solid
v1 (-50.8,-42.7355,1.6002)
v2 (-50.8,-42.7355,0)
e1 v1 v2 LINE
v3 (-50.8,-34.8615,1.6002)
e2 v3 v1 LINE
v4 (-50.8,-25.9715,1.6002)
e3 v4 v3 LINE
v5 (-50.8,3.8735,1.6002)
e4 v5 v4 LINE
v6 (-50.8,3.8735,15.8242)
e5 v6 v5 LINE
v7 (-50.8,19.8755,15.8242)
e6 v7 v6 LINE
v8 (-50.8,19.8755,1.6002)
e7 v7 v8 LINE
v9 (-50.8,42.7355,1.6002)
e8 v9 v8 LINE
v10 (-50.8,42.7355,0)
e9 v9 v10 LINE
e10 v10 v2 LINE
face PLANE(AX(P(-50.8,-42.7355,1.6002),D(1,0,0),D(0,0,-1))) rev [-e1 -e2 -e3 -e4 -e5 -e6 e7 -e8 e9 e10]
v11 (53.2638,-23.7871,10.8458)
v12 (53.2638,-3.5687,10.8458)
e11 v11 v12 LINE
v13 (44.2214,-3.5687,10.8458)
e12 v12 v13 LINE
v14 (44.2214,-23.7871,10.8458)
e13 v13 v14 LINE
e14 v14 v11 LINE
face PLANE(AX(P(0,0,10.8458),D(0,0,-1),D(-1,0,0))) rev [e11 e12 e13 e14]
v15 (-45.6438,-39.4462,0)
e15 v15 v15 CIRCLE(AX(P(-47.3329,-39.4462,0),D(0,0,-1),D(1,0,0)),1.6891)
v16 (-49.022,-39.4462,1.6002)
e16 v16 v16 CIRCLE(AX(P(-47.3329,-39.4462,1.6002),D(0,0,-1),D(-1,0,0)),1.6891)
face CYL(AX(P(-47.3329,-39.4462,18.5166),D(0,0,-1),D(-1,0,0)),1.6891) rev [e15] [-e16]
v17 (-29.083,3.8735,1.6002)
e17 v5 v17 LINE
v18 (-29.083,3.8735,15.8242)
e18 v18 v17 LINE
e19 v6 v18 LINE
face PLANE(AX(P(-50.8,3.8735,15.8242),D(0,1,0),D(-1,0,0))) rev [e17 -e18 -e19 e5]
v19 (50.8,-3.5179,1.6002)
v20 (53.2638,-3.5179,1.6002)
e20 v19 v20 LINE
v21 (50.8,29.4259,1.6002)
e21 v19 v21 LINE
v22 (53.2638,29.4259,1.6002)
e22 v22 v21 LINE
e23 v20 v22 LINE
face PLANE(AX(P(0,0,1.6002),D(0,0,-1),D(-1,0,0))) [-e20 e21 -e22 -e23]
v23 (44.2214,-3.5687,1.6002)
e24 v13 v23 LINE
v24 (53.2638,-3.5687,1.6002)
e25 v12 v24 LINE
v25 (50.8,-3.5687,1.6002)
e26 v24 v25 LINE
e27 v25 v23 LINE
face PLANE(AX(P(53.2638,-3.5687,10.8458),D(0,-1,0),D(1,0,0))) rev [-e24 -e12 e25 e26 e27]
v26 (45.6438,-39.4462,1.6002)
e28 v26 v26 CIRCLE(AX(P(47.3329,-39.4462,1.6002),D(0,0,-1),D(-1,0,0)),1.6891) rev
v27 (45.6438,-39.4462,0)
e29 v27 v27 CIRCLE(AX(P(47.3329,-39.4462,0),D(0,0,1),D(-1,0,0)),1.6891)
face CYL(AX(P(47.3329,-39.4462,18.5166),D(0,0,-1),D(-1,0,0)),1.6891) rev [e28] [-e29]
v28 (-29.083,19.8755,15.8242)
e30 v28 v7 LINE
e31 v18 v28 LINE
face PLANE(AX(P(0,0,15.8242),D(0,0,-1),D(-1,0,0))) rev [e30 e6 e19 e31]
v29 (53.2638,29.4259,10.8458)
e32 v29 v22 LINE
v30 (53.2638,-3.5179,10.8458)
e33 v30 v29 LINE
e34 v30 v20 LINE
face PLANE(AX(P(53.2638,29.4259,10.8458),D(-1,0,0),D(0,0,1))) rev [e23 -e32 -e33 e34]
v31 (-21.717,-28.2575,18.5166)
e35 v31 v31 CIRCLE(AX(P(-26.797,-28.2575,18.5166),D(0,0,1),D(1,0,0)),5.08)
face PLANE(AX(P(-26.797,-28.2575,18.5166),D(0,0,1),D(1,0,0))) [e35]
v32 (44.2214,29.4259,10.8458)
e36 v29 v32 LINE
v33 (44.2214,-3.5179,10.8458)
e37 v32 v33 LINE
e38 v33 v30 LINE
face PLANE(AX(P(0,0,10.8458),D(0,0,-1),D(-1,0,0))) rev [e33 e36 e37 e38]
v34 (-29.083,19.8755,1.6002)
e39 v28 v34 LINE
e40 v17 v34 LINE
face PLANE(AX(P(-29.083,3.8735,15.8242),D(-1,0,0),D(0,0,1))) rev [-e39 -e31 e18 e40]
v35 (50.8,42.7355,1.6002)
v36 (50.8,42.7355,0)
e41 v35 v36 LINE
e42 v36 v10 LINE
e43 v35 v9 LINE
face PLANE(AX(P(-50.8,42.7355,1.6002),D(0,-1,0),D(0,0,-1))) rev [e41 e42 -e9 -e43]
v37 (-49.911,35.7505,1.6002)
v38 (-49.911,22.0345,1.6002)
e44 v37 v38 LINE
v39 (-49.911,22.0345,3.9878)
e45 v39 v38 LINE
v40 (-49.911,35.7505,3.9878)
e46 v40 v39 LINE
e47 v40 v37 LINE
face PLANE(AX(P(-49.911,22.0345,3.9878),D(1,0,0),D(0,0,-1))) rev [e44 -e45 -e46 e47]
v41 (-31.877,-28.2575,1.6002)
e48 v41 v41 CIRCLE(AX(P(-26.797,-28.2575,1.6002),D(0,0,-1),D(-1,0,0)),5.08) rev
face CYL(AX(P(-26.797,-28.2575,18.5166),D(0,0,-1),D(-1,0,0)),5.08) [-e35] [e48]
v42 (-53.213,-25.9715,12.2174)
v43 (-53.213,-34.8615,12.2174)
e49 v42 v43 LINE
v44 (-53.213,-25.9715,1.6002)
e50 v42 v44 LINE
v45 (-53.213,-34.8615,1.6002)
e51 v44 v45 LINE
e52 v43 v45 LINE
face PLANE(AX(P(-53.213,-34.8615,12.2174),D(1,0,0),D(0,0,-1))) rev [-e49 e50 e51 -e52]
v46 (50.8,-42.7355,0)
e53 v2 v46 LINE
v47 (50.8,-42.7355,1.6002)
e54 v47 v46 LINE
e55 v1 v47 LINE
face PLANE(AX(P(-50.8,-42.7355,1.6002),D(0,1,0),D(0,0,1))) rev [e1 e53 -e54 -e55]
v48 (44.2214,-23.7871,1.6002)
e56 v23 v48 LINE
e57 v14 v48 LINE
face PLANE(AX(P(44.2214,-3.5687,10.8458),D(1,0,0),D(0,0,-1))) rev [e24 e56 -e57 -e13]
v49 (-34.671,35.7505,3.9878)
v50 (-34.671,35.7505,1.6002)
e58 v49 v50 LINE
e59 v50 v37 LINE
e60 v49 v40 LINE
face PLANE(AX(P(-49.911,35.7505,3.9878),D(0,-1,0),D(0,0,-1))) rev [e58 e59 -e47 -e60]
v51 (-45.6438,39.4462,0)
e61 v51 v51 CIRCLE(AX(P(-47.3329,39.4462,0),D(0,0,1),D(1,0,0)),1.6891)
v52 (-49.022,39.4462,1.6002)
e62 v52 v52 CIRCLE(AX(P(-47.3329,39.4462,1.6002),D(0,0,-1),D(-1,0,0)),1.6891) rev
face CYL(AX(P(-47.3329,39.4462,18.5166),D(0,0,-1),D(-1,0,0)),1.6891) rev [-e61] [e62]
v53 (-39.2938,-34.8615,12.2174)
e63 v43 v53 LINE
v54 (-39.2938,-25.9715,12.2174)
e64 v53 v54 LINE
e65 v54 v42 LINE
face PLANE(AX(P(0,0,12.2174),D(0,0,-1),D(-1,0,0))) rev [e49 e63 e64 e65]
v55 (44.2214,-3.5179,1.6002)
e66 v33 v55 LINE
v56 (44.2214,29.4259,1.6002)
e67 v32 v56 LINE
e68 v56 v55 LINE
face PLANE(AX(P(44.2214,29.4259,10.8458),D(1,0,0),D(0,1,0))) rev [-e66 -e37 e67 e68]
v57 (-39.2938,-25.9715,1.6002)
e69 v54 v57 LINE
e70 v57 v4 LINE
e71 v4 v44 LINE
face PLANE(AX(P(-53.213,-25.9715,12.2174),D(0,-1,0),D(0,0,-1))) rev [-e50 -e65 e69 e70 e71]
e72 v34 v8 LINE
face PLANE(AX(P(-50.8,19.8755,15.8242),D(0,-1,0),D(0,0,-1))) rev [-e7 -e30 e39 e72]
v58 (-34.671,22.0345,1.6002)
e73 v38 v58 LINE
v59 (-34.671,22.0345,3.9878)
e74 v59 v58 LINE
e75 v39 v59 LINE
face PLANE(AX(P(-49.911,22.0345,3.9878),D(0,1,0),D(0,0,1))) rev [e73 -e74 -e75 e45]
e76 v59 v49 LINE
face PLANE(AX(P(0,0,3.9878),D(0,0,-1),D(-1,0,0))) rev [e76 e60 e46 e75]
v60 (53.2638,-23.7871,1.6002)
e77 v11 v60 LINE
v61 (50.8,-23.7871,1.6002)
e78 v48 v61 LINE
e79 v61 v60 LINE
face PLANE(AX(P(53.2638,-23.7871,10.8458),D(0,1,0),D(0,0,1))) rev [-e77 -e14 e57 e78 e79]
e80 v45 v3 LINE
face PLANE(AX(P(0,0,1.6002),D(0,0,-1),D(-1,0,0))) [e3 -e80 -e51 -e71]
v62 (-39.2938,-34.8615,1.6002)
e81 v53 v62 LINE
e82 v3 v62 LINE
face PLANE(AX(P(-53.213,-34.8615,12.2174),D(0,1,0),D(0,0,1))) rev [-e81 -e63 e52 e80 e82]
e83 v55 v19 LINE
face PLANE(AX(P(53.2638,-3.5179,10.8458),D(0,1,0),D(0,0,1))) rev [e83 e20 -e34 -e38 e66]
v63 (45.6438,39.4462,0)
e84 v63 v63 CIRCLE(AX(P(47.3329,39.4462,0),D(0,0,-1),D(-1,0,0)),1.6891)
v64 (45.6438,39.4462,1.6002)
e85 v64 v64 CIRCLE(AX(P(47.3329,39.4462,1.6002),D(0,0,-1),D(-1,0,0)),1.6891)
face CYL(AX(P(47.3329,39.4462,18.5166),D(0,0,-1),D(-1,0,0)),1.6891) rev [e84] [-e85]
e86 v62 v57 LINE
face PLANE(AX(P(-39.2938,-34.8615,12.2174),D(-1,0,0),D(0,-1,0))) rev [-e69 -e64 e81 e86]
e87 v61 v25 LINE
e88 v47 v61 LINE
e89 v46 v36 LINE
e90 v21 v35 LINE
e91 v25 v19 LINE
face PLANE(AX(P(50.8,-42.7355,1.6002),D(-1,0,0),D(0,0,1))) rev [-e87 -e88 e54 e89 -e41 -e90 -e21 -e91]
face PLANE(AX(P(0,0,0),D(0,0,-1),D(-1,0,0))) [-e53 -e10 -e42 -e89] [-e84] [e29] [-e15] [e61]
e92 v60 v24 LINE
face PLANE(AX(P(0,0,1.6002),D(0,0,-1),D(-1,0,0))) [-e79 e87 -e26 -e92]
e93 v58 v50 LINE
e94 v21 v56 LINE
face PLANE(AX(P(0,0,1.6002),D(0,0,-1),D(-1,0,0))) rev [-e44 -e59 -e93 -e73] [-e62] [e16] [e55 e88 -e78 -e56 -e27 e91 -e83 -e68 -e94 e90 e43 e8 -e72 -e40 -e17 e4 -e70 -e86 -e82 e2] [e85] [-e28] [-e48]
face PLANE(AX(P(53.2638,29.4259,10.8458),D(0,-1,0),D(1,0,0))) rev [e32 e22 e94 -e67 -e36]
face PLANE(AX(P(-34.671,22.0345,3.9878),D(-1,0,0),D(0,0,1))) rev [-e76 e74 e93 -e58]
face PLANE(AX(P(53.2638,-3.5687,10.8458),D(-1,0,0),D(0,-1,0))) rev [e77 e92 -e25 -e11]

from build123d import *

# Parameters (mm, degrees)
SKETCH1_W               = 101.6
SKETCH1_H               = 85.471
BOSS_EXTRUDE1_DEPTH     = 1.6002
SKETCH2_W               = 21.717
SKETCH2_H               = 16.002
ETHERNET_DEPTH          = 14.224
SKETCH3_W               = 13.9192
SKETCH3_H               = 8.89
POWER_CONNECTOR_DEPTH   = 10.6172
SKETCH4_W               = 9.0424
SKETCH4_H               = 32.9438
SKETCH4_H_2             = 20.2184
F_2X_CONNECTOR_DEPTH    = 9.2456
SKETCH6_W               = 15.24
SKETCH6_H               = 13.716
SD_CARD_DEPTH           = 2.3876
SKETCH7_R               = 5.08
CAPACATOR_DEPTH         = 16.9164
SKETCH5_R               = 1.6891
CORNER_HOLE_DEPTH       = 71.754645263
MIRROR2_COPY_1_SKETCH_R = 1.6891
MIRROR2_COPY_1_DEPTH    = 71.754645263


with BuildPart() as part:
    # Sketch1 → Boss-Extrude1 (new body)
    with BuildSketch(Plane.XY):
        Rectangle(SKETCH1_W, SKETCH1_H)
    extrude(amount=BOSS_EXTRUDE1_DEPTH)

    # Sketch2 → Ethernet (add)
    with BuildSketch(Plane.XY.offset(1.6002)):
        with Locations((-39.9415, 11.8745)):
            Rectangle(SKETCH2_W, SKETCH2_H)
    extrude(amount=ETHERNET_DEPTH)

    # Sketch3 → Power Connector (add)
    with BuildSketch(Plane.XY.offset(1.6002)):
        with Locations((-46.2534, -30.4165)):
            Rectangle(SKETCH3_W, SKETCH3_H)
    extrude(amount=POWER_CONNECTOR_DEPTH)

    # Sketch4 → 2x Connector (add)
    with BuildSketch(Plane.XY.offset(1.6002)):
        with Locations((48.7426, 12.954)):
            Rectangle(SKETCH4_W, SKETCH4_H)
        with Locations((48.7426, -13.6779)):
            Rectangle(SKETCH4_W, SKETCH4_H_2)
    extrude(amount=F_2X_CONNECTOR_DEPTH)

    # Sketch6 → SD Card (add)
    with BuildSketch(Plane.XY.offset(1.6002)):
        with Locations((-42.291, 28.8925)):
            Rectangle(SKETCH6_W, SKETCH6_H)
    extrude(amount=SD_CARD_DEPTH)

    # Sketch7 → Capacator (add)
    with BuildSketch(Plane.XY.offset(1.6002)):
        with Locations(Location((-26.797, -28.2575, 0), (0, 0, 180))):
            Circle(SKETCH7_R)
    extrude(amount=CAPACATOR_DEPTH)

    # Sketch5 → Corner Hole (cut, through all)
    with BuildSketch(Plane(origin=(0, 0, 0), x_dir=(-1, 0, 0), z_dir=(0, 0, -1))):
        with Locations((-47.3329, 39.4462)):
            Circle(SKETCH5_R)
    corner_hole = extrude(amount=-CORNER_HOLE_DEPTH, mode=Mode.SUBTRACT)

    # Mirror1: Corner Hole across plane
    add(corner_hole.mirror(Plane(origin=(0, 0, 0), x_dir=(0, 0, 1), z_dir=(1, 0, 0))), mode=Mode.SUBTRACT)

    # Mirror2: Corner Hole across plane
    add(corner_hole.mirror(Plane.ZX), mode=Mode.SUBTRACT)

    # Mirror2 copy 1 sketch → Mirror2 copy 1 (cut, through all)
    with BuildSketch(Plane(origin=(0, 0, 0), x_dir=(1, 0, 0), z_dir=(0, 0, -1))):
        with Locations((-47.3329, 39.4462)):
            Circle(MIRROR2_COPY_1_SKETCH_R)
    extrude(amount=-MIRROR2_COPY_1_DEPTH, mode=Mode.SUBTRACT)


solid = part.part
